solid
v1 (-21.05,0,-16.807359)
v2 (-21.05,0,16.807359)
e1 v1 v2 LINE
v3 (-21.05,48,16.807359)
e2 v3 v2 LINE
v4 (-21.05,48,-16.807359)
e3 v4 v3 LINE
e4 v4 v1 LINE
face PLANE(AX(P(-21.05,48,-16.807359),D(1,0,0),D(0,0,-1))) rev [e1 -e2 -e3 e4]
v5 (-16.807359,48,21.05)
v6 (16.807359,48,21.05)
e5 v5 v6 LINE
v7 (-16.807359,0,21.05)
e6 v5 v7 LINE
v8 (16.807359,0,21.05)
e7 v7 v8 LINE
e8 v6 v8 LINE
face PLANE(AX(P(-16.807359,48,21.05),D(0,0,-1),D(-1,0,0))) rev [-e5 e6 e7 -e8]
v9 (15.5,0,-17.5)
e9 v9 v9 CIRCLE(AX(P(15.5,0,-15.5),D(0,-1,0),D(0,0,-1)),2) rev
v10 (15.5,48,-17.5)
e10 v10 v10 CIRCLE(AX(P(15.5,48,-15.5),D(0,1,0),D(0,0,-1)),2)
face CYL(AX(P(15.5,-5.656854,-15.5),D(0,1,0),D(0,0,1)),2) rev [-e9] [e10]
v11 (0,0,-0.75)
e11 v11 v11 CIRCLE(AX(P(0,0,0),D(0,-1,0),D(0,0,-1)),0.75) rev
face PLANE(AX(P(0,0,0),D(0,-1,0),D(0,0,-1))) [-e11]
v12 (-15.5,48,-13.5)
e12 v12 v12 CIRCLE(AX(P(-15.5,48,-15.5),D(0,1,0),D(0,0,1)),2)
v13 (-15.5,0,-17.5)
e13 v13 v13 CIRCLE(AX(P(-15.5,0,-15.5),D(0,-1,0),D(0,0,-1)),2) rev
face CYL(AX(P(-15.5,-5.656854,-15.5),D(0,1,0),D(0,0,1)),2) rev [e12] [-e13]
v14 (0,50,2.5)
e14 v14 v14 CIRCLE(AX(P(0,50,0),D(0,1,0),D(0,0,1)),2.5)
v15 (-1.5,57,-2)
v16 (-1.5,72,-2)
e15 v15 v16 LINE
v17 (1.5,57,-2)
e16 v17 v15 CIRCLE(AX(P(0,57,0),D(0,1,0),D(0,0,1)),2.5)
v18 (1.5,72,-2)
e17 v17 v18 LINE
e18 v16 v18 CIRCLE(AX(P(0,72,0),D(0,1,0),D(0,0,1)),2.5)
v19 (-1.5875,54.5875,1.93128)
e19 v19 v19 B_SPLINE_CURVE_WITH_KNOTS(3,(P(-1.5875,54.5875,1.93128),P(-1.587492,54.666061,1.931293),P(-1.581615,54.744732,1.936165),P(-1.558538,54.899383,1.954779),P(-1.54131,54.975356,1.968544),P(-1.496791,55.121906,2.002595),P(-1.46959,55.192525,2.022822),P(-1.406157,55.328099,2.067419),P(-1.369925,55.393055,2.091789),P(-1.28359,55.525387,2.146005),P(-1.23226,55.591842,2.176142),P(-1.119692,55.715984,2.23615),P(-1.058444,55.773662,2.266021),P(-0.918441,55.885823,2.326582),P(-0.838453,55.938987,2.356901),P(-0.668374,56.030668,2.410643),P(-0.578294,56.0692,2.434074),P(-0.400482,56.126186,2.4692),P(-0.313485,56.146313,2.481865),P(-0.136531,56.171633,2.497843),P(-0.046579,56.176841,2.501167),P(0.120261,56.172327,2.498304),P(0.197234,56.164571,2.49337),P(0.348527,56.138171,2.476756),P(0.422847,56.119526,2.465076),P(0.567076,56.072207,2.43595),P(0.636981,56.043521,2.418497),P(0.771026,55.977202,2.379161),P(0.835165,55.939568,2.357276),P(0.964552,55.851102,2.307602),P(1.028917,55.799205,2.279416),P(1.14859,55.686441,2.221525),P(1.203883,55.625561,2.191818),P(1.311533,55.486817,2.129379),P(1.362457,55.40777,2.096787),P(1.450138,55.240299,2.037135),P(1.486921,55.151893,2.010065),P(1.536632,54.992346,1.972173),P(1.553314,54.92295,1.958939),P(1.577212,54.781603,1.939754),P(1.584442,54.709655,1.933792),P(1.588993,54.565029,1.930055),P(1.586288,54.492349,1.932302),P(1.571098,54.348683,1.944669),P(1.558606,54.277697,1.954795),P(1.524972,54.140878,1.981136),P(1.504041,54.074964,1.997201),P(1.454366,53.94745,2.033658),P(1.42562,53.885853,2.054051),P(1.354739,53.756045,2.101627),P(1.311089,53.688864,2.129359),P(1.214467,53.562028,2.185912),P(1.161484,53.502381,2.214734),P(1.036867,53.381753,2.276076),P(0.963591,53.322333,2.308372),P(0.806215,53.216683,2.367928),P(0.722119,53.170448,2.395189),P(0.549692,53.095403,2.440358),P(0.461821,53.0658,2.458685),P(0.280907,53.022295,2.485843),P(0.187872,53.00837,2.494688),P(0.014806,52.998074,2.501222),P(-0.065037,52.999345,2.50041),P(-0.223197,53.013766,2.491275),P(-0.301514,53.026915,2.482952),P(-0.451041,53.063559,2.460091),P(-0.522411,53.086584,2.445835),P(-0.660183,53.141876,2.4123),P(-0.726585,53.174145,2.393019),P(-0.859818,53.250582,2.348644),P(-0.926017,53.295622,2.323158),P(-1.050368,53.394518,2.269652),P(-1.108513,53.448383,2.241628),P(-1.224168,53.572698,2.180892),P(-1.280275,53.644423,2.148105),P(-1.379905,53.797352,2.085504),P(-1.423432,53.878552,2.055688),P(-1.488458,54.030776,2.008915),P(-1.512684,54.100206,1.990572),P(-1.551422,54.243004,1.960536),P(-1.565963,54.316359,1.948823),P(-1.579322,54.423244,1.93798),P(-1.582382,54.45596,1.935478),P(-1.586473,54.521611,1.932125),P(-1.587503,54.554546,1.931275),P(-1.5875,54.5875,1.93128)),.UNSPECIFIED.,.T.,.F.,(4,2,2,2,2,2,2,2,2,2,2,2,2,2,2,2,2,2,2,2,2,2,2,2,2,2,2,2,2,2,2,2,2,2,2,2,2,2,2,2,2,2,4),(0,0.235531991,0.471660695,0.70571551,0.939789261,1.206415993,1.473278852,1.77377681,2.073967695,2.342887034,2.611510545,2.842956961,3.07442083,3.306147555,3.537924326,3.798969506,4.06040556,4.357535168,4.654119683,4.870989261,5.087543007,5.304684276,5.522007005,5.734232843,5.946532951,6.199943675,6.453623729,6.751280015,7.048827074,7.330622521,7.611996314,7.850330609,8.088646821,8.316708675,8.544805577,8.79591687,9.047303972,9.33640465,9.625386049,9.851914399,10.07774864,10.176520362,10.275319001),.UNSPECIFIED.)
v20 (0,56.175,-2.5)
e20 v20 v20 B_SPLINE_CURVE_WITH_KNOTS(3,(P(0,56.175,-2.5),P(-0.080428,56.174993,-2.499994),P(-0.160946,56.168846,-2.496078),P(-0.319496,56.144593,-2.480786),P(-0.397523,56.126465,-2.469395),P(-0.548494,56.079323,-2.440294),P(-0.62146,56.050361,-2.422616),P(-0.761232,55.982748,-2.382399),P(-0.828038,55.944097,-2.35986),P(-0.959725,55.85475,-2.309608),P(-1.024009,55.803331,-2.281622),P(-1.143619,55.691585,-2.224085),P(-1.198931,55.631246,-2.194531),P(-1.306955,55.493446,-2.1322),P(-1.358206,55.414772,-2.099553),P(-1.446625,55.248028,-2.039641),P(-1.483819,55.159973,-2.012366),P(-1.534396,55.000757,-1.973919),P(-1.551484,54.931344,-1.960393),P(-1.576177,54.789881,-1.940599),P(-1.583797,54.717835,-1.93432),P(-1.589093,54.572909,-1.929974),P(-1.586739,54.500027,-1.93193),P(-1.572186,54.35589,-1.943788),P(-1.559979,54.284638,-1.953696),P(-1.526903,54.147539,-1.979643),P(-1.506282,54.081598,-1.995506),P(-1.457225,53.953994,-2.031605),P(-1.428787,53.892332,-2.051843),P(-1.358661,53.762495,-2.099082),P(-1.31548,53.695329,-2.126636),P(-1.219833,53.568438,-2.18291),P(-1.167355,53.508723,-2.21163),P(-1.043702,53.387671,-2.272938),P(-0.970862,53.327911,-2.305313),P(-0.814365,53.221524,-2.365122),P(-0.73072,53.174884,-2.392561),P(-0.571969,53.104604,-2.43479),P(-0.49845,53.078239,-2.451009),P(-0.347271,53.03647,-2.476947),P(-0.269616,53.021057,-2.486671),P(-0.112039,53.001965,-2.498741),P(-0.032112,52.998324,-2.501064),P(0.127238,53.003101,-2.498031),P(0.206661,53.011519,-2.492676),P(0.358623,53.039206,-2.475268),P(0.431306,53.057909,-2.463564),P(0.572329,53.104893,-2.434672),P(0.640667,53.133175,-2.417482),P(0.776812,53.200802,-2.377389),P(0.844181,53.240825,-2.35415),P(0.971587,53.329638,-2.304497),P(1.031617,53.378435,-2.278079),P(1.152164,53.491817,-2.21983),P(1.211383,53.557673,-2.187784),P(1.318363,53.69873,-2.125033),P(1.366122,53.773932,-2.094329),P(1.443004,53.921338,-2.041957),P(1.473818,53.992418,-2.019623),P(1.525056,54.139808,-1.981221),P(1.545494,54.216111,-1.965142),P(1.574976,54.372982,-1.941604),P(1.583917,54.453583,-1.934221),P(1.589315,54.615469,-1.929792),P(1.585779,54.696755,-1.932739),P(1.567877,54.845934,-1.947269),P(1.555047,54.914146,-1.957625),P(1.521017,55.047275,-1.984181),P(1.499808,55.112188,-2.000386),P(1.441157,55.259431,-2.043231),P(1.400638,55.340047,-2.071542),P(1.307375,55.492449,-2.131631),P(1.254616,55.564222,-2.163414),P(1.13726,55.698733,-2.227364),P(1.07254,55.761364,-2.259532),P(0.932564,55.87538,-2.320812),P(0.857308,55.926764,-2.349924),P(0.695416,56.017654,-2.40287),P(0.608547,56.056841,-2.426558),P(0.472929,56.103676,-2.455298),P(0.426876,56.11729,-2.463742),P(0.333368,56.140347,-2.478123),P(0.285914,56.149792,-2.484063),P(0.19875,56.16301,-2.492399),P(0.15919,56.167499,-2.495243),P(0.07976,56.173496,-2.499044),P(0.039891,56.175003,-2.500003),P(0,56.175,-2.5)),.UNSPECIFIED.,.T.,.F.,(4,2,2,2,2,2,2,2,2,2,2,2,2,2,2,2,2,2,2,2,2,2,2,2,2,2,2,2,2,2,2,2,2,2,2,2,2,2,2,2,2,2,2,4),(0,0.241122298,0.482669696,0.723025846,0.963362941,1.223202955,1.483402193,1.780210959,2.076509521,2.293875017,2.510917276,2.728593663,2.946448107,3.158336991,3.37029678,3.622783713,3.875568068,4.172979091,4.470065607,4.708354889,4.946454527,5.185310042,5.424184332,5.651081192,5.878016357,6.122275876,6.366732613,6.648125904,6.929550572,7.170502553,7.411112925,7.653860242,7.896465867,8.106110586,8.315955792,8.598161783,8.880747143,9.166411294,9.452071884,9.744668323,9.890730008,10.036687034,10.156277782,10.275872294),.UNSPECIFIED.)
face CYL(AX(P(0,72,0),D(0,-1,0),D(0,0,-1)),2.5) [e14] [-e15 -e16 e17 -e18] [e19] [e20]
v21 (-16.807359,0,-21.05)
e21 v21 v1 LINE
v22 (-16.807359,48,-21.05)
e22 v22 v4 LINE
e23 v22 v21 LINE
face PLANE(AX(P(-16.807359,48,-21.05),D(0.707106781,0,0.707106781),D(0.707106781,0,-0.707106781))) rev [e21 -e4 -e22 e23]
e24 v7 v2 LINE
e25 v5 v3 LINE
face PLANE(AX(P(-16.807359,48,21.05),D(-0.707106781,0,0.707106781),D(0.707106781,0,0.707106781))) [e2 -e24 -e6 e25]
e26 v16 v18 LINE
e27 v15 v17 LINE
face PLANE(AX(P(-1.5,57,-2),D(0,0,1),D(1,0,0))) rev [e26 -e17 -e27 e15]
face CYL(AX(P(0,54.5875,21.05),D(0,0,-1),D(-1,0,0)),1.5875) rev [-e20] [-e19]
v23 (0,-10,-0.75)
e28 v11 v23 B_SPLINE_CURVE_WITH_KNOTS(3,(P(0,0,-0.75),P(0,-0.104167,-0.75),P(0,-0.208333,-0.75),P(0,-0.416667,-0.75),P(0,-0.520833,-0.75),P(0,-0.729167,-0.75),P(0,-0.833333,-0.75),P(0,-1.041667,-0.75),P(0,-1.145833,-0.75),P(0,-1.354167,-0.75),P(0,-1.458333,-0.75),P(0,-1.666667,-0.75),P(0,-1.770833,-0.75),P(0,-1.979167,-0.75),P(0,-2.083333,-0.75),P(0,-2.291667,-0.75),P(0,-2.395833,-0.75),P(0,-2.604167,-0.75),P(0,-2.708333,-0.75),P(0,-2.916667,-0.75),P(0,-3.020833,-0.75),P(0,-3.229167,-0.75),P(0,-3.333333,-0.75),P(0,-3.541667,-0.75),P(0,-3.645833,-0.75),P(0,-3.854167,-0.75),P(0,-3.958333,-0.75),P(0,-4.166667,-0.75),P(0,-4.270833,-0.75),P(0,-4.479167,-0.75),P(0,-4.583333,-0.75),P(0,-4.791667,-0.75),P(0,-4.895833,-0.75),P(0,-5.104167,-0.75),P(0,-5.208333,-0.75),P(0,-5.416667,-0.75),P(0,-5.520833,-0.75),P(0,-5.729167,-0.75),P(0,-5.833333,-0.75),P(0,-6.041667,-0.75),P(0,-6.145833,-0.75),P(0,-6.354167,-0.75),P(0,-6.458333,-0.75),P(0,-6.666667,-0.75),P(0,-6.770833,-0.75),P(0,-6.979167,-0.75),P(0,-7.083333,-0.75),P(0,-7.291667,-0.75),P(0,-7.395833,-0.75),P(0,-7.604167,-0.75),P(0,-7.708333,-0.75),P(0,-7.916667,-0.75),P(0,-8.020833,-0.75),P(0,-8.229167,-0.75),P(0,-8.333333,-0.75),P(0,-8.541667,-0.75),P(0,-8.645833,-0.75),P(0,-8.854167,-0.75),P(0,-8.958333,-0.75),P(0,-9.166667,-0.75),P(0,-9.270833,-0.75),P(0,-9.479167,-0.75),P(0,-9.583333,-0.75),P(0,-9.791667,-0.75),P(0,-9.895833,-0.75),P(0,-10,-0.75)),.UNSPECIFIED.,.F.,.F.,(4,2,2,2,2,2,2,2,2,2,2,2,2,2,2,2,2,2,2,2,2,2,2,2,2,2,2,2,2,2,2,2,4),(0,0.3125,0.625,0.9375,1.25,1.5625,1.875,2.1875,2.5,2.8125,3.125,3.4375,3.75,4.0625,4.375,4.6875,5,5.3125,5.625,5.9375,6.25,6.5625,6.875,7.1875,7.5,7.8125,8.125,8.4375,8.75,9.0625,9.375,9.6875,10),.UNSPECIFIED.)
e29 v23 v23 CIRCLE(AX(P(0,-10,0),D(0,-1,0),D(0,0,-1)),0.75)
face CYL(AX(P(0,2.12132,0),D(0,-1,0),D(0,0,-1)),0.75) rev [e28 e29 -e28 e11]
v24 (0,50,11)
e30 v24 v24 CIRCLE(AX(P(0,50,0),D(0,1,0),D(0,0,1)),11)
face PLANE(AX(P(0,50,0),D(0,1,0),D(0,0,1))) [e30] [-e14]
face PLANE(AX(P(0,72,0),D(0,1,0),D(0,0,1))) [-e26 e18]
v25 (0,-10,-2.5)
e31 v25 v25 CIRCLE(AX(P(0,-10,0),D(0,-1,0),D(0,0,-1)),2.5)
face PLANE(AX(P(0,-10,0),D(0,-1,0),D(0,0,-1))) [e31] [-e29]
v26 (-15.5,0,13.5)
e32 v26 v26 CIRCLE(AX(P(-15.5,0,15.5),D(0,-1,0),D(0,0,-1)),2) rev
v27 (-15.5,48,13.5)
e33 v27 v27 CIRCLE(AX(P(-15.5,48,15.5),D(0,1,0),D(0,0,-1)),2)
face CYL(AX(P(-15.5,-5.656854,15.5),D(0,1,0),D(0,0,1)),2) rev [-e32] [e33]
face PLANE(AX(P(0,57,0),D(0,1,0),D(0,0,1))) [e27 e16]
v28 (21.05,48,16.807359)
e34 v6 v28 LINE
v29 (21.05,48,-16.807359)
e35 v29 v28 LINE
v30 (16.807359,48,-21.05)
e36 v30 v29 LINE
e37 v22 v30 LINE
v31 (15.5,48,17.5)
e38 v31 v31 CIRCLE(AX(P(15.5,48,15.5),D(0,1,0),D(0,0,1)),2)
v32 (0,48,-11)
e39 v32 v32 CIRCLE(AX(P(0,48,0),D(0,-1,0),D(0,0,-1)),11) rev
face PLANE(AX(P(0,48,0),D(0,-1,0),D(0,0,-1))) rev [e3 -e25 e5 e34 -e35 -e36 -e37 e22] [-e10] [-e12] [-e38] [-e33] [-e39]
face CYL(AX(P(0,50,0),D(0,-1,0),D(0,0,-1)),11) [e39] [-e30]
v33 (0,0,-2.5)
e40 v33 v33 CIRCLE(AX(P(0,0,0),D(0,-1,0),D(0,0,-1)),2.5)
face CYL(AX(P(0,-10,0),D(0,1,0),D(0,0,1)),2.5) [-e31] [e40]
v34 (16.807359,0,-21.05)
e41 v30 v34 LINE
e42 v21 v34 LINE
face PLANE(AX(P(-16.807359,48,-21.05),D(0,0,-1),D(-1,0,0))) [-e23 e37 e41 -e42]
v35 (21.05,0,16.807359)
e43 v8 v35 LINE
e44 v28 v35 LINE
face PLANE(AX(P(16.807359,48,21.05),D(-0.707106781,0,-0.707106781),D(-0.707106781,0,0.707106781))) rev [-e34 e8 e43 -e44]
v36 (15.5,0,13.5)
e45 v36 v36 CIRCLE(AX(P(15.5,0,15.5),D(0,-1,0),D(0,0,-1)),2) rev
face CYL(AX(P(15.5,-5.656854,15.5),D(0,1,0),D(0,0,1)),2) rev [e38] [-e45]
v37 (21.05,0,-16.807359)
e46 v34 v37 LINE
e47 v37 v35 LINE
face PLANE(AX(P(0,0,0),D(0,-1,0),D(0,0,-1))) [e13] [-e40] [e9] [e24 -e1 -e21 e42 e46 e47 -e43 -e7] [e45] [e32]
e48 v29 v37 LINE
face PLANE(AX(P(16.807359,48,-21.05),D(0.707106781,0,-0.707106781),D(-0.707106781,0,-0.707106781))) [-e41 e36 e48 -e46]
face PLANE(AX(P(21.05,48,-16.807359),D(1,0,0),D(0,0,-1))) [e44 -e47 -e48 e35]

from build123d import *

# Parameters (mm, degrees)
BOSS_EXTRUDE1_DEPTH = 48
SKETCH2_R           = 2
CUT_EXTRUDE1_DEPTH  = 48
SKETCH3_R           = 11
BOSS_EXTRUDE2_DEPTH = 2
SKETCH4_R           = 2.5
BOSS_EXTRUDE3_DEPTH = 22
CUT_EXTRUDE2_START  = -15
CUT_EXTRUDE2_DEPTH  = 15
SKETCH6_R           = 1.5875
CUT_EXTRUDE5_DEPTH  = 79.623819546
BOSS_EXTRUDE4_START = 10
SKETCH7_R           = 2.5
BOSS_EXTRUDE4_DEPTH = 10
SKETCH8_R           = 0.75
CUT_EXTRUDE6_DEPTH  = 10


with BuildPart() as part:
    # Sketch1 → Boss-Extrude1 (new body)
    with BuildSketch(Plane(origin=(0, 0, 0), x_dir=(1, 0, 0), z_dir=(0, 1, 0))):
        Polygon((16.807359313, -21.05), (21.05, -16.807359313), (21.05, 16.807359313), (16.807359313, 21.05), (-16.807359313, 21.05), (-21.05, 16.807359313), (-21.05, -16.807359313), (-16.807359313, -21.05), align=None)
    extrude(amount=BOSS_EXTRUDE1_DEPTH)

    # Sketch2 → Cut-Extrude1 (cut)
    with BuildSketch(Plane(origin=(0, 48, 0), x_dir=(1, 0, 0), z_dir=(0, 1, 0))):
        with Locations(Location((-15.5, 15.5, 0), (0, 0, 270))):
            Circle(SKETCH2_R)
        with Locations(Location((15.5, 15.5, 0), (0, 0, 90))):
            Circle(SKETCH2_R)
        with Locations(Location((15.5, -15.5, 0), (0, 0, 270))):
            Circle(SKETCH2_R)
        with Locations(Location((-15.5, -15.5, 0), (0, 0, 90))):
            Circle(SKETCH2_R)
    extrude(amount=-CUT_EXTRUDE1_DEPTH, mode=Mode.SUBTRACT)

    # Sketch3 → Boss-Extrude2 (add)
    with BuildSketch(Plane(origin=(0, 48, 0), x_dir=(1, 0, 0), z_dir=(0, 1, 0))):
        with Locations(Location((0, 0, 0), (0, 0, 90))):
            Circle(SKETCH3_R)
    extrude(amount=BOSS_EXTRUDE2_DEPTH)

    # Sketch4 → Boss-Extrude3 (add)
    with BuildSketch(Plane(origin=(0, 50, 0), x_dir=(1, 0, 0), z_dir=(0, 1, 0))):
        with Locations(Location((0, 0, 0), (0, 0, 270))):
            Circle(SKETCH4_R)
    extrude(amount=BOSS_EXTRUDE3_DEPTH)

    # Sketch5 → Cut-Extrude2 (cut)
    with BuildSketch(Plane(origin=(0, 72, 0), x_dir=(1, 0, 0), z_dir=(0, 1, 0)).offset(CUT_EXTRUDE2_START)):
        with BuildLine():
            Line((-1.5, 2), (1.5, 2))
            ThreePointArc((1.5, 2), (0, 2.5), (-1.5, 2))
        make_face()
    extrude(amount=CUT_EXTRUDE2_DEPTH, mode=Mode.SUBTRACT)

    # Sketch6 → Cut-Extrude5 (cut, through all)
    with BuildSketch(Plane(origin=(0, 0, -2.5), x_dir=(-1, 0, 0), z_dir=(0, 0, -1))):
        with Locations((0, 54.5875)):
            Circle(SKETCH6_R)
    extrude(amount=-CUT_EXTRUDE5_DEPTH, mode=Mode.SUBTRACT)

    # Sketch7 → Boss-Extrude4 (add)
    with BuildSketch(Plane.XZ.offset(BOSS_EXTRUDE4_START)):
        with Locations(Location((0, 0, 0), (0, 0, 233.130102354))):
            Circle(SKETCH7_R)
    extrude(amount=-BOSS_EXTRUDE4_DEPTH)

    # Sketch8 → Cut-Extrude6 (cut)
    with BuildSketch(Plane.XZ.offset(10)):
        with Locations(Location((0, 0, 0), (0, 0, 270))):
            Circle(SKETCH8_R)
    extrude(amount=-CUT_EXTRUDE6_DEPTH, mode=Mode.SUBTRACT)


solid = part.part
